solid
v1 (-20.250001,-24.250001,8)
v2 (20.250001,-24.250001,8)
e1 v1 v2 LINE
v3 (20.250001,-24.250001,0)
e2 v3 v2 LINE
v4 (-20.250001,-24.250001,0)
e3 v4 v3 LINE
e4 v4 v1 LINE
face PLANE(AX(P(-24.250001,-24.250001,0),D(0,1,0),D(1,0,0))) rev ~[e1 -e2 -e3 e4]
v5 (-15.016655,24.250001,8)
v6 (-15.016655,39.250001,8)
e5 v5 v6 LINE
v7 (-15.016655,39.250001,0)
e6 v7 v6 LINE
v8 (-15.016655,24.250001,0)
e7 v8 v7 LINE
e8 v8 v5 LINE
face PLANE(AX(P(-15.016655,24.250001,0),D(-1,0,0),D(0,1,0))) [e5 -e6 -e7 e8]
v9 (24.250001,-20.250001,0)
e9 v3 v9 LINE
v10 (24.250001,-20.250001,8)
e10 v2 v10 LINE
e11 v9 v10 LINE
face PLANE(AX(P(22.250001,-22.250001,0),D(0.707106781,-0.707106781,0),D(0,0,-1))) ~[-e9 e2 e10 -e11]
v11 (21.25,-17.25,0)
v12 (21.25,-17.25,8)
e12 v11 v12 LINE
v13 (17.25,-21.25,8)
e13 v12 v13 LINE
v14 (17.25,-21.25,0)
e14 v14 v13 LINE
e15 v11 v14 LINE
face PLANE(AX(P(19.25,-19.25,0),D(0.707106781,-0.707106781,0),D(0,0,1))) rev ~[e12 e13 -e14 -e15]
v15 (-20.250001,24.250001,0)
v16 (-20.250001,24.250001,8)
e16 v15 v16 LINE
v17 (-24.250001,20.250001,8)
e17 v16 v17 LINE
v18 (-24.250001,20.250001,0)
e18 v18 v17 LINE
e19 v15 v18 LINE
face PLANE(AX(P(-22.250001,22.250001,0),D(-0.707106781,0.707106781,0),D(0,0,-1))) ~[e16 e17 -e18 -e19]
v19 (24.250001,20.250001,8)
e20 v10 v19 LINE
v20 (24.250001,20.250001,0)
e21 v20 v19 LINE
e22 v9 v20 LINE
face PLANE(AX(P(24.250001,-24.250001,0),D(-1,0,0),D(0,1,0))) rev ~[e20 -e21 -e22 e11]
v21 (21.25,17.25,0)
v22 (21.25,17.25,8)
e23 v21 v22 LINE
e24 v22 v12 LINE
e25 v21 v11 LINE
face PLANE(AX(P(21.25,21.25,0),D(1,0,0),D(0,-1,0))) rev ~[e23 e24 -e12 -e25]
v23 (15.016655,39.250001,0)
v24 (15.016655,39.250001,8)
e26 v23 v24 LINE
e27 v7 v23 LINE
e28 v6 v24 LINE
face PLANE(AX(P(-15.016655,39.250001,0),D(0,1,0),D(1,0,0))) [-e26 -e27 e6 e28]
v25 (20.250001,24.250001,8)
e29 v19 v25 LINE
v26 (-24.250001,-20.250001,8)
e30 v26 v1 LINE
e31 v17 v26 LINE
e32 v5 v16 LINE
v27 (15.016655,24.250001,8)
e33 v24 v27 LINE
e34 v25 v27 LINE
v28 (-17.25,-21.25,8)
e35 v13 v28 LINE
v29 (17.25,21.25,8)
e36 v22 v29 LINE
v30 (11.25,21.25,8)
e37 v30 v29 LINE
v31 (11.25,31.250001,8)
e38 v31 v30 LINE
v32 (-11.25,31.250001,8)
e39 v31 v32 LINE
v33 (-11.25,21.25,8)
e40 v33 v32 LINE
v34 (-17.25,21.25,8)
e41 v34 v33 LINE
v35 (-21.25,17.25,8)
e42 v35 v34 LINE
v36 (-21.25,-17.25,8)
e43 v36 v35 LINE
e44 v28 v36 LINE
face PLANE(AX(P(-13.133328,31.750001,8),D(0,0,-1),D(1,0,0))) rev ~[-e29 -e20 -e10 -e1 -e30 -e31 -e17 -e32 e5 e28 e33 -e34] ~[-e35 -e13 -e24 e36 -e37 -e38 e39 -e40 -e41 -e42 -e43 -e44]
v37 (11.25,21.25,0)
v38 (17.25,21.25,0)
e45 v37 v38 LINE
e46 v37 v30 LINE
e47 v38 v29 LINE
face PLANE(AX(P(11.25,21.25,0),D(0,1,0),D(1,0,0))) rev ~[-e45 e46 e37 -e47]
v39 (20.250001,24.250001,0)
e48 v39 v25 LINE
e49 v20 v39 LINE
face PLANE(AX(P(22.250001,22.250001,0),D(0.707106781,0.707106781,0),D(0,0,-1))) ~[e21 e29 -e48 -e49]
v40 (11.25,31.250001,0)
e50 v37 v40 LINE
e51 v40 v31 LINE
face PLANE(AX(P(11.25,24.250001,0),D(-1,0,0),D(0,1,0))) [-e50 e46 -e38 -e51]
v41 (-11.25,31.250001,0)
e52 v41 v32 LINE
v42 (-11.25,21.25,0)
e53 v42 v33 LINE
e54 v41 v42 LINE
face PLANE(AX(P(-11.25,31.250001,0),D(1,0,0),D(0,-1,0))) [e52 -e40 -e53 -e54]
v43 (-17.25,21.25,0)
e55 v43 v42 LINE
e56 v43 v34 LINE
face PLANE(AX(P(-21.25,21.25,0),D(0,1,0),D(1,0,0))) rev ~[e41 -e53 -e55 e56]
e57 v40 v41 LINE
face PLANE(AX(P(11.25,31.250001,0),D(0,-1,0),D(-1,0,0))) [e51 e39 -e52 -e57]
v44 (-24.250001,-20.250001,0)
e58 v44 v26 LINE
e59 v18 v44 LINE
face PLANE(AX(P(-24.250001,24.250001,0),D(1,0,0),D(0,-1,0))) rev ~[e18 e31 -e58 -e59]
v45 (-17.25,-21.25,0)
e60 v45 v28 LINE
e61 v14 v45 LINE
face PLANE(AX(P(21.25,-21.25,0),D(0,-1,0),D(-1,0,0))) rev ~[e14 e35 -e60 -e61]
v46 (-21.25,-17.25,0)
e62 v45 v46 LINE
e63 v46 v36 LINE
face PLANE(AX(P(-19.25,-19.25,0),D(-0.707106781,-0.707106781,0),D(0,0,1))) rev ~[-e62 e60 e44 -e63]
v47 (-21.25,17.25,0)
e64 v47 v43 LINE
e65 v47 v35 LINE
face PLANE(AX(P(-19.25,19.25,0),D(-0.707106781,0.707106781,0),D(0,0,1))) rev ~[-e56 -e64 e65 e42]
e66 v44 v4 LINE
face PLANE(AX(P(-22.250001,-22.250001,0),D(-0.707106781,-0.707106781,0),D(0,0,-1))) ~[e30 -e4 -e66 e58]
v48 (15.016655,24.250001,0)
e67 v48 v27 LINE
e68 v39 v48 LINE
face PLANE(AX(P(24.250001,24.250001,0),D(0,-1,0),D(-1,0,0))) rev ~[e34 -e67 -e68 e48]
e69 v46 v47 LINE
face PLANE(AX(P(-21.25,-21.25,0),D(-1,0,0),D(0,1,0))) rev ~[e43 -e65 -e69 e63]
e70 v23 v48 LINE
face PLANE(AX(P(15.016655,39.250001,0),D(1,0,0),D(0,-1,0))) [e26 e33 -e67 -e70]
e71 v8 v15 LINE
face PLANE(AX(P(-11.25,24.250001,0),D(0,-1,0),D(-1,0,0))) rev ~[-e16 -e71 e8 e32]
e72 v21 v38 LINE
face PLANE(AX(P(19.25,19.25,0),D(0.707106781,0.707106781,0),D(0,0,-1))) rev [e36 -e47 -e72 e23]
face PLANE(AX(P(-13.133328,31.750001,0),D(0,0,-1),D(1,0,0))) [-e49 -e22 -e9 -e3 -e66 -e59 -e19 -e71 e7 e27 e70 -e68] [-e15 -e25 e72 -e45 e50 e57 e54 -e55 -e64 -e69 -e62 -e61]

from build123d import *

# Parameters (mm, degrees)
F1_DEPTH = 8
F2_SIZE  = 4
F3_W     = 11.25
F3_H     = 8
F4_DEPTH = 8


with BuildPart() as f1:
    # F0 (on Top) → F1 (new body)
    with BuildSketch(Plane.XY):
        Polygon((21.25, 21.25), (21.25, -21.25), (-21.25, -21.25), (-21.25, 21.25), (-11.25, 21.25), (-11.25, 24.250001), (-24.250001, 24.250001), (-24.250001, -24.250001), (24.250001, -24.250001), (24.250001, 24.250001), (11.25, 24.250001), (11.25, 21.25), align=None)
    extrude(amount=F1_DEPTH)

    # F2
    f2_edges = [f1.edges().sort_by_distance(p)[0] for p in [
        (-21.25, 21.25, 4),
        (-21.25, -21.25, 4),
        (21.25, -21.25, 4),
        (-24.250001, -24.250001, 4),
        (-24.250001, 24.250001, 4),
        (24.250001, 24.250001, 4),
        (21.25, 21.25, 4),
        (24.250001, -24.250001, 4),
    ]]
    chamfer(f2_edges, length=F2_SIZE)

    # F3 (on face) → F4 (join)
    with BuildSketch(Plane(origin=(0, 0, 0), x_dir=(1, 0, 0), z_dir=(0, 0, -1))):
        Polygon((-11.25, -31.250001), (-11.25, -24.250001), (-15.016655, -24.250001), (-15.016655, -39.250001), (-11.25, -39.250001), align=None)
        with Locations((-5.625, -35.250001)):
            Rectangle(F3_W, F3_H)
        with Locations((5.625, -35.250001)):
            Rectangle(F3_W, F3_H)
        Polygon((11.25, -24.250001), (11.25, -31.250001), (11.25, -39.250001), (15.016655, -39.250001), (15.016655, -24.250001), align=None)
    extrude(amount=-F4_DEPTH)


solid = f1.part
